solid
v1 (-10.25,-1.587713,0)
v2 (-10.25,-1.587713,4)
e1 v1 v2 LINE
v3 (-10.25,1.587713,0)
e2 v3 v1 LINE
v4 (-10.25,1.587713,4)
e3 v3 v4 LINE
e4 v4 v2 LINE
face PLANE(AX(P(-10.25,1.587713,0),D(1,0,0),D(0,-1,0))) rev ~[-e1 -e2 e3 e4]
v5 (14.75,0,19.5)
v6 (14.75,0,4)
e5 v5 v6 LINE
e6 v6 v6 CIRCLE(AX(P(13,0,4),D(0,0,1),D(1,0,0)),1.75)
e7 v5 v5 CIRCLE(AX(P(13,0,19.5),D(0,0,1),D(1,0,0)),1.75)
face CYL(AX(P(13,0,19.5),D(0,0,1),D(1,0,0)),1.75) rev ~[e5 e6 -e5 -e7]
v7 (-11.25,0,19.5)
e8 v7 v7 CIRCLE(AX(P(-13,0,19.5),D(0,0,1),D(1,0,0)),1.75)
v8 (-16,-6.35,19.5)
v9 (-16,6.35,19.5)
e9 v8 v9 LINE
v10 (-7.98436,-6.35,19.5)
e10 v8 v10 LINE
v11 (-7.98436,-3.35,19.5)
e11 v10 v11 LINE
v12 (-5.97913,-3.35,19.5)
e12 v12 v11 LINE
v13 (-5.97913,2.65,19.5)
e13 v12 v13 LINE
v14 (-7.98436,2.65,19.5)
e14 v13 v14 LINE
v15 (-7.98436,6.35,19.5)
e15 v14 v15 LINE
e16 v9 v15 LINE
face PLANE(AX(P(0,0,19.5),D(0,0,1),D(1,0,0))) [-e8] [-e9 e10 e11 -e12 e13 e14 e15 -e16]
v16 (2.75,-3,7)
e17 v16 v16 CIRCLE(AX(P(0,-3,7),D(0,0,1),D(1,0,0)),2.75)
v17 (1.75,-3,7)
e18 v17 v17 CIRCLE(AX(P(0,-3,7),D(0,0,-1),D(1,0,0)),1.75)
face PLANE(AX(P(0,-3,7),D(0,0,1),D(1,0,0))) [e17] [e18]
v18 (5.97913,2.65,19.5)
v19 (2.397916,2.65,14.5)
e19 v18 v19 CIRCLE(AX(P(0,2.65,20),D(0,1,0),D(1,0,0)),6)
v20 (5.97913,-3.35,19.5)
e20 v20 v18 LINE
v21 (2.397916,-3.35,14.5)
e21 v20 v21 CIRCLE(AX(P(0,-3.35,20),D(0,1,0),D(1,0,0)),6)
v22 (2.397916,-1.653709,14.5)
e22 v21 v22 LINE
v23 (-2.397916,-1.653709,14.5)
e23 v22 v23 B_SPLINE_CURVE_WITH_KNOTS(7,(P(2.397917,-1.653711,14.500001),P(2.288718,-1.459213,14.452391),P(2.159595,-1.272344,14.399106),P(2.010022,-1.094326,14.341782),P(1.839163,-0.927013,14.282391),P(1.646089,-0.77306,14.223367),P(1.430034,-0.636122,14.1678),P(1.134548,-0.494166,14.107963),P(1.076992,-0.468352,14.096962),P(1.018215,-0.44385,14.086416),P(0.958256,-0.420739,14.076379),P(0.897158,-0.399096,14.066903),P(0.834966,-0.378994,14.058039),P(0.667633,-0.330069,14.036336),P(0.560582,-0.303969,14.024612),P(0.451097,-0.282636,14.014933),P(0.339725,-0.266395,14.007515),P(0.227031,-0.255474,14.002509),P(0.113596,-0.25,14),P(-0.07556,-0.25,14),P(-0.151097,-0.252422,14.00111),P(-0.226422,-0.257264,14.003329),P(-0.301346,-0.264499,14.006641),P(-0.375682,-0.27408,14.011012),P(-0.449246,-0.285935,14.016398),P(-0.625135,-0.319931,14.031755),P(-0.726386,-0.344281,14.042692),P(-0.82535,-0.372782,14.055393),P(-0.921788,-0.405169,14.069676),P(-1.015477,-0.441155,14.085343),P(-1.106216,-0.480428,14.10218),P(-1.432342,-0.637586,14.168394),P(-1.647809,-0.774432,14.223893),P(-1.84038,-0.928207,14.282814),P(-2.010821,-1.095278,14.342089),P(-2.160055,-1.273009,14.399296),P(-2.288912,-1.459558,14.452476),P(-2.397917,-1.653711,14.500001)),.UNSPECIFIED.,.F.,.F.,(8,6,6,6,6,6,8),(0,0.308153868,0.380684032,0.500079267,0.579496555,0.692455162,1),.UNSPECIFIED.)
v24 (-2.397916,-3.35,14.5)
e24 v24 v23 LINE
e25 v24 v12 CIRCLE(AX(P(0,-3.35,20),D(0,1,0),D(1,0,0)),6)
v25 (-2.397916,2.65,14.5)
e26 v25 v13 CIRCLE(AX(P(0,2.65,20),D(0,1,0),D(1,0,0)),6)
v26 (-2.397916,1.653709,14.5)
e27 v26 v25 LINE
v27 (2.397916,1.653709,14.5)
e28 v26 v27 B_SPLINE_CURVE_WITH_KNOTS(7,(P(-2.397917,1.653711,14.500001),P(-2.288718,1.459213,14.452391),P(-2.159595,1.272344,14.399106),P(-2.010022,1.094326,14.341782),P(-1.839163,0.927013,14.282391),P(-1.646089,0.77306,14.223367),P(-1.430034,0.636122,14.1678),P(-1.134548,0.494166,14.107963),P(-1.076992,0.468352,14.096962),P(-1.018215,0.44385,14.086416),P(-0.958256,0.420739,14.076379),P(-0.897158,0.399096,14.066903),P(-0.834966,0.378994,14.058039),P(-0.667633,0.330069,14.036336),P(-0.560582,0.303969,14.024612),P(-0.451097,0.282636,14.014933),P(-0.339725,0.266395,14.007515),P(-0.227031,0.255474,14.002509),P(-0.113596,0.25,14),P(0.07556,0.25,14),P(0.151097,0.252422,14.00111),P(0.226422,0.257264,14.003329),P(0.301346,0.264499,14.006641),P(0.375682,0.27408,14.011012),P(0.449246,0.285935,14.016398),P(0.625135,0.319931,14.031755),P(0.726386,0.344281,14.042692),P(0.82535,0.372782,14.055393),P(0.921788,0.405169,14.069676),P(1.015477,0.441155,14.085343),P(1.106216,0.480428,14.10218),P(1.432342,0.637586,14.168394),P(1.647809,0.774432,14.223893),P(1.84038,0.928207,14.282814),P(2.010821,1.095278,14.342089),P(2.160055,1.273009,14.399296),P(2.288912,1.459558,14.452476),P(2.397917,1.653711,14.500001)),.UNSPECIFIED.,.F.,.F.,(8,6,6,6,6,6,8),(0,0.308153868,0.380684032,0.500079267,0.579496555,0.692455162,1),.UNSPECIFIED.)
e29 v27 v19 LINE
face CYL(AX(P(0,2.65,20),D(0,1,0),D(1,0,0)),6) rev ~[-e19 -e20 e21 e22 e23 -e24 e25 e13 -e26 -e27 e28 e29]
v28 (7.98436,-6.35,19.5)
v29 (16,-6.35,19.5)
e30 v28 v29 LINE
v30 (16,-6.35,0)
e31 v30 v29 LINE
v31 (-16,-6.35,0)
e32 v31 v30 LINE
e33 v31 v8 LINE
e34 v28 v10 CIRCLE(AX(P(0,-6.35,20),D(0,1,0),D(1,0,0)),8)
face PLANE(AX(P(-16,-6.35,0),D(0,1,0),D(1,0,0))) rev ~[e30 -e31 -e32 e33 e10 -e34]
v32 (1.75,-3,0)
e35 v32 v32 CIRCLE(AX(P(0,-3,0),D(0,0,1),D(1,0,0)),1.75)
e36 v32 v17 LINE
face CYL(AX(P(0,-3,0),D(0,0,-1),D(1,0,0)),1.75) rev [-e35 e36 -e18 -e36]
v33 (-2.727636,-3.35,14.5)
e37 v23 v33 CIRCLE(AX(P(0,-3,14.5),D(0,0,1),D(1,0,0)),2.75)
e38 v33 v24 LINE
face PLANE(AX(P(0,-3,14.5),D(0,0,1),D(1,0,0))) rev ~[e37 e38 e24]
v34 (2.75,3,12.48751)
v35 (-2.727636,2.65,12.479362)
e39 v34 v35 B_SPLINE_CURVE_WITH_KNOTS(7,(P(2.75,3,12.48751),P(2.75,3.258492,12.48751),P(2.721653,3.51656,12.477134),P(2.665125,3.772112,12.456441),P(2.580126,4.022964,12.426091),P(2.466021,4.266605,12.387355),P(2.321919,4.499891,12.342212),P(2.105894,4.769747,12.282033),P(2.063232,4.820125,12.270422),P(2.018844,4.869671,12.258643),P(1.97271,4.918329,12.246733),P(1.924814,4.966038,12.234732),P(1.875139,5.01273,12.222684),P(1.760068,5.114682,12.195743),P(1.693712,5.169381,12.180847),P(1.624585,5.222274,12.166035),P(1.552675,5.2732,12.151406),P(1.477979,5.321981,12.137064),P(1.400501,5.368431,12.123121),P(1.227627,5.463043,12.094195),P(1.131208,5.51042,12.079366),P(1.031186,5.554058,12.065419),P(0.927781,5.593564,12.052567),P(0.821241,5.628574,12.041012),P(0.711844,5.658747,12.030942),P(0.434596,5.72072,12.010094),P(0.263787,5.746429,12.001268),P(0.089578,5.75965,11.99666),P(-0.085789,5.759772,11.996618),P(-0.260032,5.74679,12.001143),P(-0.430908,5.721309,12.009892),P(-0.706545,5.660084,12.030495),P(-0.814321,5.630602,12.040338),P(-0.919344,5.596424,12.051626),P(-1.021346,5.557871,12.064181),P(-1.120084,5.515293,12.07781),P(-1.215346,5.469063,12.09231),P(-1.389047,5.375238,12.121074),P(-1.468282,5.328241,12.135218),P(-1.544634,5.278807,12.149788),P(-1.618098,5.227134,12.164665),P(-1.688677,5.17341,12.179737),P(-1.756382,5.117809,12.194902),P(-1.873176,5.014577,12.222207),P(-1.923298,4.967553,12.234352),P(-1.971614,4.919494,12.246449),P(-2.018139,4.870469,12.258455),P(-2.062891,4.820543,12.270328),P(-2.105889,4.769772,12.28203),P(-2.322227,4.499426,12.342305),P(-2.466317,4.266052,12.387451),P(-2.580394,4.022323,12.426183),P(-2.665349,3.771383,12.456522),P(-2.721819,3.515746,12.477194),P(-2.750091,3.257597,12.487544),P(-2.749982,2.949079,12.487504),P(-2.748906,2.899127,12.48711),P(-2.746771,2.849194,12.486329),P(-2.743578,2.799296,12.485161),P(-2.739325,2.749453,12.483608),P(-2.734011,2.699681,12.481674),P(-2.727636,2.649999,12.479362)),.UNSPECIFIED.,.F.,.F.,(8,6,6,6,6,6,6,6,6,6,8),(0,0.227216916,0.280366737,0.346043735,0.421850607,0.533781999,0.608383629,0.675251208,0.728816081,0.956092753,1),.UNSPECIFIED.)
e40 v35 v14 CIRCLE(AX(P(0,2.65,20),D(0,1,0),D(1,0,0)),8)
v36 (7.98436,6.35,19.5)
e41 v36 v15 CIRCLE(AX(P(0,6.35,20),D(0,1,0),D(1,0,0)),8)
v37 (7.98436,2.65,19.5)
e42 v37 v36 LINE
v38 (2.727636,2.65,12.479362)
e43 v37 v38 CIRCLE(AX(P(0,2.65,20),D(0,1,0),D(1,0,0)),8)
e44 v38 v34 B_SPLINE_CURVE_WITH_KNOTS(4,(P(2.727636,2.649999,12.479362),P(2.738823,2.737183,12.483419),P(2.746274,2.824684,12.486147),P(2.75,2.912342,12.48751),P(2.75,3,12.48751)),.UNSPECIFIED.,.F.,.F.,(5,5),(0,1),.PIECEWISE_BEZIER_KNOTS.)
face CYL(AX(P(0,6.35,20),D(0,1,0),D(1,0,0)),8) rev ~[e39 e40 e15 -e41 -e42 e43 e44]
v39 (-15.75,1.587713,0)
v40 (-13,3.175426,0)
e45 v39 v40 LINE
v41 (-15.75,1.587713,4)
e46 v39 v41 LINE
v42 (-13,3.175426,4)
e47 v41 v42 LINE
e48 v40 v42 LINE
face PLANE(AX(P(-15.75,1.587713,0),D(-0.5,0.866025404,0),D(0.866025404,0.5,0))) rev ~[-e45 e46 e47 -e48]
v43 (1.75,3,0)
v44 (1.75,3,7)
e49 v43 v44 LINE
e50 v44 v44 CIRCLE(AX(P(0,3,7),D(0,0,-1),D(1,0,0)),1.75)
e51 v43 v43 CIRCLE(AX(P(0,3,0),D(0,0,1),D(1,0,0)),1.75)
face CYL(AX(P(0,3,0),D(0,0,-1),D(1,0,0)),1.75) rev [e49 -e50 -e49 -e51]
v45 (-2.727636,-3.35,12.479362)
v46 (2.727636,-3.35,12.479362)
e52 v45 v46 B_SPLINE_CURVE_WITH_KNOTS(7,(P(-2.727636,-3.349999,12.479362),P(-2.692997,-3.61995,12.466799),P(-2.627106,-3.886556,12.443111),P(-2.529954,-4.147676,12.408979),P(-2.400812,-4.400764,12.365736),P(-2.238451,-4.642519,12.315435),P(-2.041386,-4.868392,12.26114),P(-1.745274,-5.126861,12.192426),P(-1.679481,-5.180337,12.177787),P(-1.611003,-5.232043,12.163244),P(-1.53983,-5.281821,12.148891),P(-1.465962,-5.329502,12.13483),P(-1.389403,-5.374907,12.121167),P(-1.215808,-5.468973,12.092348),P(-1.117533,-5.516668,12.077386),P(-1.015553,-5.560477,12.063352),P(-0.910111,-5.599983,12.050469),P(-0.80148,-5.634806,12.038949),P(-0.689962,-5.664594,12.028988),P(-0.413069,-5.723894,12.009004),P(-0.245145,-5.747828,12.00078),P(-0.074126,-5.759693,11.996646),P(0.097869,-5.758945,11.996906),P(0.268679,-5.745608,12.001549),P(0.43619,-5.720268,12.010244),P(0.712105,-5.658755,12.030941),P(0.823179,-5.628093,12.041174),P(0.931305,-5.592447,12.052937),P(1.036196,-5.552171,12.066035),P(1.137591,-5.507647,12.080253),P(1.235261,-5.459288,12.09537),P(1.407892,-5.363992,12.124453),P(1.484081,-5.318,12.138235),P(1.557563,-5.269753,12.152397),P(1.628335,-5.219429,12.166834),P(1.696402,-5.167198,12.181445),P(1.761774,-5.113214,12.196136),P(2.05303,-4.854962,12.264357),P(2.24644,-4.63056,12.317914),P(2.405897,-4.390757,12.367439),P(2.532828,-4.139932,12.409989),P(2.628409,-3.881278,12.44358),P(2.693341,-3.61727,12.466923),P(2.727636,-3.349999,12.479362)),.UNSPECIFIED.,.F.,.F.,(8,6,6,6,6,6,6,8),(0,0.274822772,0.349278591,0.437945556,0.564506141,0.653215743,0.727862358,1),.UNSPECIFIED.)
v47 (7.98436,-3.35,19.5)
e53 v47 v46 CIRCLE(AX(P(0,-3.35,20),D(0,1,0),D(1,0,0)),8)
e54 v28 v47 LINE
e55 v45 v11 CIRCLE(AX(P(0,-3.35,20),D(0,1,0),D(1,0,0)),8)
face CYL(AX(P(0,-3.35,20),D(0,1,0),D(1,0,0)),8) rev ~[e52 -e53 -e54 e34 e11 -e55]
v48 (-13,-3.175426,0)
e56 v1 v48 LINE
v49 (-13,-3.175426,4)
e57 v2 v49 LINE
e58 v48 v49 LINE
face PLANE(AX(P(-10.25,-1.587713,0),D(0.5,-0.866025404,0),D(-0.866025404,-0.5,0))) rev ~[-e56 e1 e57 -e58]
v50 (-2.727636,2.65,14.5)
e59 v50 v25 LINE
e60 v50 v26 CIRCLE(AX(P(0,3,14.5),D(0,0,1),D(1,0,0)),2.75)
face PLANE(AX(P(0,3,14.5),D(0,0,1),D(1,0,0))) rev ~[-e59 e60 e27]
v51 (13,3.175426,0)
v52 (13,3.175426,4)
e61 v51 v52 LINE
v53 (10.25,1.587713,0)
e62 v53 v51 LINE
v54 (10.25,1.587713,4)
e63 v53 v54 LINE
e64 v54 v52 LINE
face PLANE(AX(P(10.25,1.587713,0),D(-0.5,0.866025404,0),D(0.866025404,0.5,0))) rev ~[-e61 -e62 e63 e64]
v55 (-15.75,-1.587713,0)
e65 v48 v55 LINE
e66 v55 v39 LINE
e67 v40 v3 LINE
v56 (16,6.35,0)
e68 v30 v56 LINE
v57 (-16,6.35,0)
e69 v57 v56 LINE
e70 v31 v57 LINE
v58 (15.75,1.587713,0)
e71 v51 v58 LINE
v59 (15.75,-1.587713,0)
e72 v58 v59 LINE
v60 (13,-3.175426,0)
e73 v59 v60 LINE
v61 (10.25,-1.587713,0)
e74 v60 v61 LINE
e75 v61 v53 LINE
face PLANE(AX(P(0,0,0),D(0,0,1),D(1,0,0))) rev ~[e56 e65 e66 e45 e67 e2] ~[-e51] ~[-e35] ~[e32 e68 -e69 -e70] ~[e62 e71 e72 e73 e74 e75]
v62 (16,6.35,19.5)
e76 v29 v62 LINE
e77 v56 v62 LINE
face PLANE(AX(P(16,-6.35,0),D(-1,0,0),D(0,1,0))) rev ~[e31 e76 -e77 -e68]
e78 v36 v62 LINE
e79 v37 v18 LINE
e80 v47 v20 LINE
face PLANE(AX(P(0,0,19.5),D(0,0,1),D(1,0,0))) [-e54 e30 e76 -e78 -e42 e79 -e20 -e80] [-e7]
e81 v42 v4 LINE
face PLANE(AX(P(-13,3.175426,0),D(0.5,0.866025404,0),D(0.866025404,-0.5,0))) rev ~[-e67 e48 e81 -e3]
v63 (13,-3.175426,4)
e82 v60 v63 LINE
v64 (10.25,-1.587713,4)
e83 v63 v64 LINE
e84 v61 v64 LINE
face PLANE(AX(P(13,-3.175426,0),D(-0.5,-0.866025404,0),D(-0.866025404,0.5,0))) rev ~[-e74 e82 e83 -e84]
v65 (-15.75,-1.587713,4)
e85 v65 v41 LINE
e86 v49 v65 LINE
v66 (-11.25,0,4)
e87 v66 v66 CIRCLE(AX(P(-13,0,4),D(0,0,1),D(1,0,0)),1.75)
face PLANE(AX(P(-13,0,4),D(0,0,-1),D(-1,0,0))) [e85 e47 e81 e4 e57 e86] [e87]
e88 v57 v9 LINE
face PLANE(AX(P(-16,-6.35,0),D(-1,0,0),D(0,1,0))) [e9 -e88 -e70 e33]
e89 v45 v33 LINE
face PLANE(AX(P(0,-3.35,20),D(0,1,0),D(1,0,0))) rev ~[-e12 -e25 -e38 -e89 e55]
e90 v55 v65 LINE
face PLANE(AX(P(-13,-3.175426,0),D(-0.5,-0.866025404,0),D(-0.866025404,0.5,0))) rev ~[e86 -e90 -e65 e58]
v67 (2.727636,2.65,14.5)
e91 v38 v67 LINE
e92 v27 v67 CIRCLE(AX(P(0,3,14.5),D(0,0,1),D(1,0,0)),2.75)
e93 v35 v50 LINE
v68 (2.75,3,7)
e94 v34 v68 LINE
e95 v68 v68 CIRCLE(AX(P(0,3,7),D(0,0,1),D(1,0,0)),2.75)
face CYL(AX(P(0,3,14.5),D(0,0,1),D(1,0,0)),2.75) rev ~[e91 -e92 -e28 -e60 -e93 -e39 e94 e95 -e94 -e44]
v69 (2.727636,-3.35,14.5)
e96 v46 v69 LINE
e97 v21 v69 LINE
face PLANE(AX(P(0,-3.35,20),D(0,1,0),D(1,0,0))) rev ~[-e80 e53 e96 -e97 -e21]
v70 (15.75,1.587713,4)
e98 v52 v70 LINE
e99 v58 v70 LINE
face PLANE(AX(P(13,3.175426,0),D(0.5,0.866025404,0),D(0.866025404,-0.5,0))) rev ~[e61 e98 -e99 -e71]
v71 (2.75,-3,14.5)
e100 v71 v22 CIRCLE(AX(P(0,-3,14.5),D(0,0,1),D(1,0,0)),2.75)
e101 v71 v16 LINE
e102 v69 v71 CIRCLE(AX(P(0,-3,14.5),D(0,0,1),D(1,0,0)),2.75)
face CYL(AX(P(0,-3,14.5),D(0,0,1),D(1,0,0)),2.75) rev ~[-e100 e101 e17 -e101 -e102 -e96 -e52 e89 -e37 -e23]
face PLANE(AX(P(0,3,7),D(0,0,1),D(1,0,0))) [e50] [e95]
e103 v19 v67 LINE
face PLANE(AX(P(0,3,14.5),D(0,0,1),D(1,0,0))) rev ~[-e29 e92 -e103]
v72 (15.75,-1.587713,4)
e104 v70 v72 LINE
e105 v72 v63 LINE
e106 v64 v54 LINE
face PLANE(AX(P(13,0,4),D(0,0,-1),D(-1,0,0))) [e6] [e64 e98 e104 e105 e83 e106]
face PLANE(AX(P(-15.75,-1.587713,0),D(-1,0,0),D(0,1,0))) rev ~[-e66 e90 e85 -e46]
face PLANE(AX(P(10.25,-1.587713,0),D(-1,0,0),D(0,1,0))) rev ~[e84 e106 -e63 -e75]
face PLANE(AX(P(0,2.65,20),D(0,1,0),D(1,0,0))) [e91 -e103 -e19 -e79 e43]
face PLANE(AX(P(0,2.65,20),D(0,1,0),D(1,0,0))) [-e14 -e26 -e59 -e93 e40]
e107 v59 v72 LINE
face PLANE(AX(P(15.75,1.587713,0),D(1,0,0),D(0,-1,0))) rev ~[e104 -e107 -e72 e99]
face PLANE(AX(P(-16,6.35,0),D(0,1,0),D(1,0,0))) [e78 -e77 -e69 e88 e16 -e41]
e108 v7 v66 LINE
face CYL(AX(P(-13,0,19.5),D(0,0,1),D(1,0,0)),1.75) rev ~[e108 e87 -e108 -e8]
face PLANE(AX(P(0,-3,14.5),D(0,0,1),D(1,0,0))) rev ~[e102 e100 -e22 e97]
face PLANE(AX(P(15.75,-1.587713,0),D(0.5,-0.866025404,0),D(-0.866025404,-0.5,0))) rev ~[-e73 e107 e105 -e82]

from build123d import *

# Parameters (mm, degrees)
SKETCH2_W           = 32
SKETCH2_H           = 12.7
SKETCH2_R           = 1.75
BOSS_EXTRUDE1_DEPTH = 19.5
SKETCH3_R           = 1.75
CUT_EXTRUDE1_DEPTH  = 20.5
CUT_EXTRUDE2_DEPTH  = 4
SKETCH5_R           = 8
CUT_EXTRUDE3_DEPTH  = 3.7
SKETCH9_R           = 6
CUT_EXTRUDE5_DEPTH  = 6
SKETCH10_R          = 8
CUT_EXTRUDE6_DEPTH  = 4
SKETCH6_R           = 2.75
CUT_EXTRUDE4_DEPTH  = 7.5


with BuildPart() as part:
    # Sketch2 → Boss-Extrude1 (new body)
    with BuildSketch(Plane.XY):
        Rectangle(SKETCH2_W, SKETCH2_H)
        with Locations((0, 3)):
            Circle(SKETCH2_R, mode=Mode.SUBTRACT)
        with Locations((0, -3)):
            Circle(SKETCH2_R, mode=Mode.SUBTRACT)
    extrude(amount=BOSS_EXTRUDE1_DEPTH)

    # Sketch3 → Cut-Extrude1 (cut, through all)
    with BuildSketch(Plane.XY.offset(19.5)):
        with Locations((-13, 0)):
            Circle(SKETCH3_R)
        with Locations((13, 0)):
            Circle(SKETCH3_R)
    extrude(amount=-CUT_EXTRUDE1_DEPTH, mode=Mode.SUBTRACT)

    # Sketch4 → Cut-Extrude2 (cut)
    with BuildSketch(Plane(origin=(0, 0, 0), x_dir=(-1, 0, 0), z_dir=(0, 0, -1))):
        Polygon((-10.25, -1.58771324), (-10.25, 1.58771324), (-13, 3.175426481), (-15.75, 1.58771324), (-15.75, -1.58771324), (-13, -3.175426481), align=None)
        Polygon((13, -3.175426481), (15.75, -1.58771324), (15.75, 1.58771324), (13, 3.175426481), (10.25, 1.58771324), (10.25, -1.58771324), align=None)
    extrude(amount=-CUT_EXTRUDE2_DEPTH, mode=Mode.SUBTRACT)

    # Sketch5 → Cut-Extrude3 (cut)
    with BuildSketch(Plane(origin=(0, 6.35, 0), x_dir=(1, 0, 0), z_dir=(0, 1, 0))):
        with Locations((0, -20)):
            Circle(SKETCH5_R)
    extrude(amount=-CUT_EXTRUDE3_DEPTH, mode=Mode.SUBTRACT)

    # Sketch9 → Cut-Extrude5 (cut)
    with BuildSketch(Plane(origin=(0, 2.65, 0), x_dir=(1, 0, 0), z_dir=(0, 1, 0))):
        with Locations((0, -20)):
            Circle(SKETCH9_R)
    extrude(amount=-CUT_EXTRUDE5_DEPTH, mode=Mode.SUBTRACT)

    # Sketch10 → Cut-Extrude6 (cut, through all)
    with BuildSketch(Plane(origin=(0, -3.35, 0), x_dir=(1, 0, 0), z_dir=(0, 1, 0))):
        with Locations((0, -20)):
            Circle(SKETCH10_R)
    extrude(amount=-CUT_EXTRUDE6_DEPTH, mode=Mode.SUBTRACT)

    # Sketch6 → Cut-Extrude4 (cut)
    with BuildSketch(Plane.XY.offset(14.5)):
        with Locations((0, 3)):
            Circle(SKETCH6_R)
        with Locations((0, -3)):
            Circle(SKETCH6_R)
    extrude(amount=-CUT_EXTRUDE4_DEPTH, mode=Mode.SUBTRACT)


solid = part.part
